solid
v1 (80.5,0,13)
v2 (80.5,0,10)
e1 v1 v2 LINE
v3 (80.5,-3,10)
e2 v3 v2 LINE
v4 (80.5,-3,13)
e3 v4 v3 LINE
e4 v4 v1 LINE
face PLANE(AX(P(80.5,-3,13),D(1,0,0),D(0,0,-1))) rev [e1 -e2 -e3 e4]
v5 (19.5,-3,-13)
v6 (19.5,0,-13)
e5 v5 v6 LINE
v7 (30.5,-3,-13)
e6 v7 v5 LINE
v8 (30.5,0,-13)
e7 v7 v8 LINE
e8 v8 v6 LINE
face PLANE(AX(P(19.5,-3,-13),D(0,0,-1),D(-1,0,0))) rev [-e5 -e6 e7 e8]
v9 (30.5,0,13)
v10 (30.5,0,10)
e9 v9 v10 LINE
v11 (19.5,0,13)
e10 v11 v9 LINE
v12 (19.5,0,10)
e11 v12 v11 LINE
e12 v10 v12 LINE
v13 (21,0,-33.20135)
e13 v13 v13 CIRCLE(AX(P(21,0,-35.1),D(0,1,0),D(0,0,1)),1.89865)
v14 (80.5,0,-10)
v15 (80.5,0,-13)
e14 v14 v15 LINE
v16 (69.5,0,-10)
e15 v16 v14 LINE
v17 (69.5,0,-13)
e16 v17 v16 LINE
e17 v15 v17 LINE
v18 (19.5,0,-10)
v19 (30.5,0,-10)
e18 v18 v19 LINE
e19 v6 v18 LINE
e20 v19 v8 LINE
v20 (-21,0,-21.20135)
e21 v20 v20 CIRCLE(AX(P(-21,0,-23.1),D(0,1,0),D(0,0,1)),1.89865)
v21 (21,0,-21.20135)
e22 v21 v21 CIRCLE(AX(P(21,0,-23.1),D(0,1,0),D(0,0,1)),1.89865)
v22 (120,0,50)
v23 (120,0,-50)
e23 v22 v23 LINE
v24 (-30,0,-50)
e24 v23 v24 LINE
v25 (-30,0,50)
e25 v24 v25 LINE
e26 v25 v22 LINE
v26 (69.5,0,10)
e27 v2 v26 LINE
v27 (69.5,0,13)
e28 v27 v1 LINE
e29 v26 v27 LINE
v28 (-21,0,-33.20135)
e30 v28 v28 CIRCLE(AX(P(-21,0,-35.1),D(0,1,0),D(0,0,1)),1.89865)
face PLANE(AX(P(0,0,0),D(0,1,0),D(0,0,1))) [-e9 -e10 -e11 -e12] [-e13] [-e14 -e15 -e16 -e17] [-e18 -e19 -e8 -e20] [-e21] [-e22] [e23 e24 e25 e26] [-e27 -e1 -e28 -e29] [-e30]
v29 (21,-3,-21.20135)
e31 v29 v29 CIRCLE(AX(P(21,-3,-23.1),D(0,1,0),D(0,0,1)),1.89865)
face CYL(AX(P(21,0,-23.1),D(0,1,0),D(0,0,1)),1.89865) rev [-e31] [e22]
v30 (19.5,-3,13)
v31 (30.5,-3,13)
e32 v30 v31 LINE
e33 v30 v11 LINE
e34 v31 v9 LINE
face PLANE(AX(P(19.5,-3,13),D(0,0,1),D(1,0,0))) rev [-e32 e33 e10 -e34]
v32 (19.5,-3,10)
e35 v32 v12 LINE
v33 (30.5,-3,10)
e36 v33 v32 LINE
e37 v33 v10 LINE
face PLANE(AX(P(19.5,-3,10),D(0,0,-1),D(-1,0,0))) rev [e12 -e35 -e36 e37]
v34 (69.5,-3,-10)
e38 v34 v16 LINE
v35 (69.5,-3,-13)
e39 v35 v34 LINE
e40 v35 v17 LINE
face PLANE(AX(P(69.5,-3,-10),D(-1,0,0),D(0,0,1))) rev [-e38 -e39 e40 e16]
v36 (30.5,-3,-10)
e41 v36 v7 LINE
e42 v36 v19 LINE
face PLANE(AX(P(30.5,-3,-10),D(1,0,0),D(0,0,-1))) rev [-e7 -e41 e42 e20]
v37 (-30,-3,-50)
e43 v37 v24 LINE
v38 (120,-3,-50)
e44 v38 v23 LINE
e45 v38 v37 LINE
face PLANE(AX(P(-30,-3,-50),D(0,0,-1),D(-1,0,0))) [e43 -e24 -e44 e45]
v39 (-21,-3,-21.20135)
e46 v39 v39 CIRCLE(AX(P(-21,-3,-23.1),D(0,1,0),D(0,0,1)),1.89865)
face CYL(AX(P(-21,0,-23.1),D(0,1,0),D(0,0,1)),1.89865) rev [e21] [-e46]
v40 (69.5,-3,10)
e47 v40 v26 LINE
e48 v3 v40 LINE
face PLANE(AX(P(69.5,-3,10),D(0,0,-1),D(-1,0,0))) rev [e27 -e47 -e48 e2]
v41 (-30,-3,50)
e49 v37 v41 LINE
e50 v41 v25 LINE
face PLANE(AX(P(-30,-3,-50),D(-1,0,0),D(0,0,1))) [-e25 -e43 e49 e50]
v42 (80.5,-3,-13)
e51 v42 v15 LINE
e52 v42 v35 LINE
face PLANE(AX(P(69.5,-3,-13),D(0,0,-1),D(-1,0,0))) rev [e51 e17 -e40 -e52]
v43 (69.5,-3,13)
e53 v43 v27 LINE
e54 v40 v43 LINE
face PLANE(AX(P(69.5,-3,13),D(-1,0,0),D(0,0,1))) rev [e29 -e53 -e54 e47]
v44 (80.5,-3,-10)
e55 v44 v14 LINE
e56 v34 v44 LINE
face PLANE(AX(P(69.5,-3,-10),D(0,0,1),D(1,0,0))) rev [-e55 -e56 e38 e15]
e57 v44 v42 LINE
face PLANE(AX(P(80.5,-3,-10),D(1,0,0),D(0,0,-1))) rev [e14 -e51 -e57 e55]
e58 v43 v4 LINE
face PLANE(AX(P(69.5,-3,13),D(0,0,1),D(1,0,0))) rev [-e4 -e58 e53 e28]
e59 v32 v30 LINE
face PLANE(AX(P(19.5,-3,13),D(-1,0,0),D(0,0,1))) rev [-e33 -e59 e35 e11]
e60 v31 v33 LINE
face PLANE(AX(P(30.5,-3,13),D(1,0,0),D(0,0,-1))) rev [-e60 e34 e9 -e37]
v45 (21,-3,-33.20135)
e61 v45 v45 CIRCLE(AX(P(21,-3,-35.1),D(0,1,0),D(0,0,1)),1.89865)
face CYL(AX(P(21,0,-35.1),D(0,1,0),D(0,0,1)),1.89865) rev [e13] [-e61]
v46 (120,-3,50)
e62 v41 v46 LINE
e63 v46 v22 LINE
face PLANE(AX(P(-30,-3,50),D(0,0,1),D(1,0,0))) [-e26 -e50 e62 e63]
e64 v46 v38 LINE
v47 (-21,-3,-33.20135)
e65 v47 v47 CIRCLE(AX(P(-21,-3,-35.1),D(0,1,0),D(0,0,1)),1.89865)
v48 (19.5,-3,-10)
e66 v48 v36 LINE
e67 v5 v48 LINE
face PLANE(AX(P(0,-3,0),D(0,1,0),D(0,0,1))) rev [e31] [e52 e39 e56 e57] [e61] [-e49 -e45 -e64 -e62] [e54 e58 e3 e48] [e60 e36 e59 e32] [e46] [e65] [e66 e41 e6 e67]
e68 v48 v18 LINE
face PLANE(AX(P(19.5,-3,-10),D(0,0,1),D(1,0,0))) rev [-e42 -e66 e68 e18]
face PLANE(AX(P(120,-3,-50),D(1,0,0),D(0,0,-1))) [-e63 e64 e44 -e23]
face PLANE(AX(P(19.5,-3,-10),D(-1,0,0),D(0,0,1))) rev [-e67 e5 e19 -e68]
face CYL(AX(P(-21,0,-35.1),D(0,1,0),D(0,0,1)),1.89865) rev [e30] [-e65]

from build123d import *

# Parameters (mm, degrees)
SKETCH1_W                     = 150
SKETCH1_H                     = 100
BASEPLATE_DEPTH               = 3
F_6_CLEARANCE_HOLE1_D         = 3.7973
SKETCH4_W                     = 11
SKETCH4_H                     = 3
BASETABHOLE_DEPTH             = 131.034610777
BASETABHOLEPATTERN_COUNT      = 2
BASETABHOLEPATTERN_PITCH      = 50
BASETABHOLEPATTERN_COUNT_DIR2 = 2
BASETABHOLEPATTERN_PITCH_DIR2 = 23


with BuildPart() as part:
    # Sketch1 → BasePlate (new body)
    with BuildSketch(Plane(origin=(0, 0, 0), x_dir=(1, 0, 0), z_dir=(0, 1, 0))):
        with Locations((45, 0)):
            Rectangle(SKETCH1_W, SKETCH1_H)
    extrude(amount=-BASEPLATE_DEPTH)

    # #6 Clearance Hole1 (through all)
    with Locations(Plane(origin=(0, 0, 0), x_dir=(1, 0, 0), z_dir=(0, 1, 0))):
        with Locations((-21, 23.1), (21, 23.1), (21, 35.1), (-21, 35.1)):
            Hole(F_6_CLEARANCE_HOLE1_D / 2)

    # Sketch4 → BaseTabHole (cut, through all)
    with BuildSketch(Plane(origin=(0, 0, 0), x_dir=(1, 0, 0), z_dir=(0, 1, 0))):
        with Locations((25, 11.5)):
            Rectangle(SKETCH4_W, SKETCH4_H)
    basetabhole = extrude(amount=-BASETABHOLE_DEPTH, mode=Mode.SUBTRACT)

    # BaseTabHolePattern: BaseTabHole 2 × 2
    with Locations(*[(i * BASETABHOLEPATTERN_PITCH, 0, j * BASETABHOLEPATTERN_PITCH_DIR2) for i in range(BASETABHOLEPATTERN_COUNT) for j in range(BASETABHOLEPATTERN_COUNT_DIR2) if (i, j) != (0, 0)]):
        add(basetabhole, mode=Mode.SUBTRACT)


solid = part.part
